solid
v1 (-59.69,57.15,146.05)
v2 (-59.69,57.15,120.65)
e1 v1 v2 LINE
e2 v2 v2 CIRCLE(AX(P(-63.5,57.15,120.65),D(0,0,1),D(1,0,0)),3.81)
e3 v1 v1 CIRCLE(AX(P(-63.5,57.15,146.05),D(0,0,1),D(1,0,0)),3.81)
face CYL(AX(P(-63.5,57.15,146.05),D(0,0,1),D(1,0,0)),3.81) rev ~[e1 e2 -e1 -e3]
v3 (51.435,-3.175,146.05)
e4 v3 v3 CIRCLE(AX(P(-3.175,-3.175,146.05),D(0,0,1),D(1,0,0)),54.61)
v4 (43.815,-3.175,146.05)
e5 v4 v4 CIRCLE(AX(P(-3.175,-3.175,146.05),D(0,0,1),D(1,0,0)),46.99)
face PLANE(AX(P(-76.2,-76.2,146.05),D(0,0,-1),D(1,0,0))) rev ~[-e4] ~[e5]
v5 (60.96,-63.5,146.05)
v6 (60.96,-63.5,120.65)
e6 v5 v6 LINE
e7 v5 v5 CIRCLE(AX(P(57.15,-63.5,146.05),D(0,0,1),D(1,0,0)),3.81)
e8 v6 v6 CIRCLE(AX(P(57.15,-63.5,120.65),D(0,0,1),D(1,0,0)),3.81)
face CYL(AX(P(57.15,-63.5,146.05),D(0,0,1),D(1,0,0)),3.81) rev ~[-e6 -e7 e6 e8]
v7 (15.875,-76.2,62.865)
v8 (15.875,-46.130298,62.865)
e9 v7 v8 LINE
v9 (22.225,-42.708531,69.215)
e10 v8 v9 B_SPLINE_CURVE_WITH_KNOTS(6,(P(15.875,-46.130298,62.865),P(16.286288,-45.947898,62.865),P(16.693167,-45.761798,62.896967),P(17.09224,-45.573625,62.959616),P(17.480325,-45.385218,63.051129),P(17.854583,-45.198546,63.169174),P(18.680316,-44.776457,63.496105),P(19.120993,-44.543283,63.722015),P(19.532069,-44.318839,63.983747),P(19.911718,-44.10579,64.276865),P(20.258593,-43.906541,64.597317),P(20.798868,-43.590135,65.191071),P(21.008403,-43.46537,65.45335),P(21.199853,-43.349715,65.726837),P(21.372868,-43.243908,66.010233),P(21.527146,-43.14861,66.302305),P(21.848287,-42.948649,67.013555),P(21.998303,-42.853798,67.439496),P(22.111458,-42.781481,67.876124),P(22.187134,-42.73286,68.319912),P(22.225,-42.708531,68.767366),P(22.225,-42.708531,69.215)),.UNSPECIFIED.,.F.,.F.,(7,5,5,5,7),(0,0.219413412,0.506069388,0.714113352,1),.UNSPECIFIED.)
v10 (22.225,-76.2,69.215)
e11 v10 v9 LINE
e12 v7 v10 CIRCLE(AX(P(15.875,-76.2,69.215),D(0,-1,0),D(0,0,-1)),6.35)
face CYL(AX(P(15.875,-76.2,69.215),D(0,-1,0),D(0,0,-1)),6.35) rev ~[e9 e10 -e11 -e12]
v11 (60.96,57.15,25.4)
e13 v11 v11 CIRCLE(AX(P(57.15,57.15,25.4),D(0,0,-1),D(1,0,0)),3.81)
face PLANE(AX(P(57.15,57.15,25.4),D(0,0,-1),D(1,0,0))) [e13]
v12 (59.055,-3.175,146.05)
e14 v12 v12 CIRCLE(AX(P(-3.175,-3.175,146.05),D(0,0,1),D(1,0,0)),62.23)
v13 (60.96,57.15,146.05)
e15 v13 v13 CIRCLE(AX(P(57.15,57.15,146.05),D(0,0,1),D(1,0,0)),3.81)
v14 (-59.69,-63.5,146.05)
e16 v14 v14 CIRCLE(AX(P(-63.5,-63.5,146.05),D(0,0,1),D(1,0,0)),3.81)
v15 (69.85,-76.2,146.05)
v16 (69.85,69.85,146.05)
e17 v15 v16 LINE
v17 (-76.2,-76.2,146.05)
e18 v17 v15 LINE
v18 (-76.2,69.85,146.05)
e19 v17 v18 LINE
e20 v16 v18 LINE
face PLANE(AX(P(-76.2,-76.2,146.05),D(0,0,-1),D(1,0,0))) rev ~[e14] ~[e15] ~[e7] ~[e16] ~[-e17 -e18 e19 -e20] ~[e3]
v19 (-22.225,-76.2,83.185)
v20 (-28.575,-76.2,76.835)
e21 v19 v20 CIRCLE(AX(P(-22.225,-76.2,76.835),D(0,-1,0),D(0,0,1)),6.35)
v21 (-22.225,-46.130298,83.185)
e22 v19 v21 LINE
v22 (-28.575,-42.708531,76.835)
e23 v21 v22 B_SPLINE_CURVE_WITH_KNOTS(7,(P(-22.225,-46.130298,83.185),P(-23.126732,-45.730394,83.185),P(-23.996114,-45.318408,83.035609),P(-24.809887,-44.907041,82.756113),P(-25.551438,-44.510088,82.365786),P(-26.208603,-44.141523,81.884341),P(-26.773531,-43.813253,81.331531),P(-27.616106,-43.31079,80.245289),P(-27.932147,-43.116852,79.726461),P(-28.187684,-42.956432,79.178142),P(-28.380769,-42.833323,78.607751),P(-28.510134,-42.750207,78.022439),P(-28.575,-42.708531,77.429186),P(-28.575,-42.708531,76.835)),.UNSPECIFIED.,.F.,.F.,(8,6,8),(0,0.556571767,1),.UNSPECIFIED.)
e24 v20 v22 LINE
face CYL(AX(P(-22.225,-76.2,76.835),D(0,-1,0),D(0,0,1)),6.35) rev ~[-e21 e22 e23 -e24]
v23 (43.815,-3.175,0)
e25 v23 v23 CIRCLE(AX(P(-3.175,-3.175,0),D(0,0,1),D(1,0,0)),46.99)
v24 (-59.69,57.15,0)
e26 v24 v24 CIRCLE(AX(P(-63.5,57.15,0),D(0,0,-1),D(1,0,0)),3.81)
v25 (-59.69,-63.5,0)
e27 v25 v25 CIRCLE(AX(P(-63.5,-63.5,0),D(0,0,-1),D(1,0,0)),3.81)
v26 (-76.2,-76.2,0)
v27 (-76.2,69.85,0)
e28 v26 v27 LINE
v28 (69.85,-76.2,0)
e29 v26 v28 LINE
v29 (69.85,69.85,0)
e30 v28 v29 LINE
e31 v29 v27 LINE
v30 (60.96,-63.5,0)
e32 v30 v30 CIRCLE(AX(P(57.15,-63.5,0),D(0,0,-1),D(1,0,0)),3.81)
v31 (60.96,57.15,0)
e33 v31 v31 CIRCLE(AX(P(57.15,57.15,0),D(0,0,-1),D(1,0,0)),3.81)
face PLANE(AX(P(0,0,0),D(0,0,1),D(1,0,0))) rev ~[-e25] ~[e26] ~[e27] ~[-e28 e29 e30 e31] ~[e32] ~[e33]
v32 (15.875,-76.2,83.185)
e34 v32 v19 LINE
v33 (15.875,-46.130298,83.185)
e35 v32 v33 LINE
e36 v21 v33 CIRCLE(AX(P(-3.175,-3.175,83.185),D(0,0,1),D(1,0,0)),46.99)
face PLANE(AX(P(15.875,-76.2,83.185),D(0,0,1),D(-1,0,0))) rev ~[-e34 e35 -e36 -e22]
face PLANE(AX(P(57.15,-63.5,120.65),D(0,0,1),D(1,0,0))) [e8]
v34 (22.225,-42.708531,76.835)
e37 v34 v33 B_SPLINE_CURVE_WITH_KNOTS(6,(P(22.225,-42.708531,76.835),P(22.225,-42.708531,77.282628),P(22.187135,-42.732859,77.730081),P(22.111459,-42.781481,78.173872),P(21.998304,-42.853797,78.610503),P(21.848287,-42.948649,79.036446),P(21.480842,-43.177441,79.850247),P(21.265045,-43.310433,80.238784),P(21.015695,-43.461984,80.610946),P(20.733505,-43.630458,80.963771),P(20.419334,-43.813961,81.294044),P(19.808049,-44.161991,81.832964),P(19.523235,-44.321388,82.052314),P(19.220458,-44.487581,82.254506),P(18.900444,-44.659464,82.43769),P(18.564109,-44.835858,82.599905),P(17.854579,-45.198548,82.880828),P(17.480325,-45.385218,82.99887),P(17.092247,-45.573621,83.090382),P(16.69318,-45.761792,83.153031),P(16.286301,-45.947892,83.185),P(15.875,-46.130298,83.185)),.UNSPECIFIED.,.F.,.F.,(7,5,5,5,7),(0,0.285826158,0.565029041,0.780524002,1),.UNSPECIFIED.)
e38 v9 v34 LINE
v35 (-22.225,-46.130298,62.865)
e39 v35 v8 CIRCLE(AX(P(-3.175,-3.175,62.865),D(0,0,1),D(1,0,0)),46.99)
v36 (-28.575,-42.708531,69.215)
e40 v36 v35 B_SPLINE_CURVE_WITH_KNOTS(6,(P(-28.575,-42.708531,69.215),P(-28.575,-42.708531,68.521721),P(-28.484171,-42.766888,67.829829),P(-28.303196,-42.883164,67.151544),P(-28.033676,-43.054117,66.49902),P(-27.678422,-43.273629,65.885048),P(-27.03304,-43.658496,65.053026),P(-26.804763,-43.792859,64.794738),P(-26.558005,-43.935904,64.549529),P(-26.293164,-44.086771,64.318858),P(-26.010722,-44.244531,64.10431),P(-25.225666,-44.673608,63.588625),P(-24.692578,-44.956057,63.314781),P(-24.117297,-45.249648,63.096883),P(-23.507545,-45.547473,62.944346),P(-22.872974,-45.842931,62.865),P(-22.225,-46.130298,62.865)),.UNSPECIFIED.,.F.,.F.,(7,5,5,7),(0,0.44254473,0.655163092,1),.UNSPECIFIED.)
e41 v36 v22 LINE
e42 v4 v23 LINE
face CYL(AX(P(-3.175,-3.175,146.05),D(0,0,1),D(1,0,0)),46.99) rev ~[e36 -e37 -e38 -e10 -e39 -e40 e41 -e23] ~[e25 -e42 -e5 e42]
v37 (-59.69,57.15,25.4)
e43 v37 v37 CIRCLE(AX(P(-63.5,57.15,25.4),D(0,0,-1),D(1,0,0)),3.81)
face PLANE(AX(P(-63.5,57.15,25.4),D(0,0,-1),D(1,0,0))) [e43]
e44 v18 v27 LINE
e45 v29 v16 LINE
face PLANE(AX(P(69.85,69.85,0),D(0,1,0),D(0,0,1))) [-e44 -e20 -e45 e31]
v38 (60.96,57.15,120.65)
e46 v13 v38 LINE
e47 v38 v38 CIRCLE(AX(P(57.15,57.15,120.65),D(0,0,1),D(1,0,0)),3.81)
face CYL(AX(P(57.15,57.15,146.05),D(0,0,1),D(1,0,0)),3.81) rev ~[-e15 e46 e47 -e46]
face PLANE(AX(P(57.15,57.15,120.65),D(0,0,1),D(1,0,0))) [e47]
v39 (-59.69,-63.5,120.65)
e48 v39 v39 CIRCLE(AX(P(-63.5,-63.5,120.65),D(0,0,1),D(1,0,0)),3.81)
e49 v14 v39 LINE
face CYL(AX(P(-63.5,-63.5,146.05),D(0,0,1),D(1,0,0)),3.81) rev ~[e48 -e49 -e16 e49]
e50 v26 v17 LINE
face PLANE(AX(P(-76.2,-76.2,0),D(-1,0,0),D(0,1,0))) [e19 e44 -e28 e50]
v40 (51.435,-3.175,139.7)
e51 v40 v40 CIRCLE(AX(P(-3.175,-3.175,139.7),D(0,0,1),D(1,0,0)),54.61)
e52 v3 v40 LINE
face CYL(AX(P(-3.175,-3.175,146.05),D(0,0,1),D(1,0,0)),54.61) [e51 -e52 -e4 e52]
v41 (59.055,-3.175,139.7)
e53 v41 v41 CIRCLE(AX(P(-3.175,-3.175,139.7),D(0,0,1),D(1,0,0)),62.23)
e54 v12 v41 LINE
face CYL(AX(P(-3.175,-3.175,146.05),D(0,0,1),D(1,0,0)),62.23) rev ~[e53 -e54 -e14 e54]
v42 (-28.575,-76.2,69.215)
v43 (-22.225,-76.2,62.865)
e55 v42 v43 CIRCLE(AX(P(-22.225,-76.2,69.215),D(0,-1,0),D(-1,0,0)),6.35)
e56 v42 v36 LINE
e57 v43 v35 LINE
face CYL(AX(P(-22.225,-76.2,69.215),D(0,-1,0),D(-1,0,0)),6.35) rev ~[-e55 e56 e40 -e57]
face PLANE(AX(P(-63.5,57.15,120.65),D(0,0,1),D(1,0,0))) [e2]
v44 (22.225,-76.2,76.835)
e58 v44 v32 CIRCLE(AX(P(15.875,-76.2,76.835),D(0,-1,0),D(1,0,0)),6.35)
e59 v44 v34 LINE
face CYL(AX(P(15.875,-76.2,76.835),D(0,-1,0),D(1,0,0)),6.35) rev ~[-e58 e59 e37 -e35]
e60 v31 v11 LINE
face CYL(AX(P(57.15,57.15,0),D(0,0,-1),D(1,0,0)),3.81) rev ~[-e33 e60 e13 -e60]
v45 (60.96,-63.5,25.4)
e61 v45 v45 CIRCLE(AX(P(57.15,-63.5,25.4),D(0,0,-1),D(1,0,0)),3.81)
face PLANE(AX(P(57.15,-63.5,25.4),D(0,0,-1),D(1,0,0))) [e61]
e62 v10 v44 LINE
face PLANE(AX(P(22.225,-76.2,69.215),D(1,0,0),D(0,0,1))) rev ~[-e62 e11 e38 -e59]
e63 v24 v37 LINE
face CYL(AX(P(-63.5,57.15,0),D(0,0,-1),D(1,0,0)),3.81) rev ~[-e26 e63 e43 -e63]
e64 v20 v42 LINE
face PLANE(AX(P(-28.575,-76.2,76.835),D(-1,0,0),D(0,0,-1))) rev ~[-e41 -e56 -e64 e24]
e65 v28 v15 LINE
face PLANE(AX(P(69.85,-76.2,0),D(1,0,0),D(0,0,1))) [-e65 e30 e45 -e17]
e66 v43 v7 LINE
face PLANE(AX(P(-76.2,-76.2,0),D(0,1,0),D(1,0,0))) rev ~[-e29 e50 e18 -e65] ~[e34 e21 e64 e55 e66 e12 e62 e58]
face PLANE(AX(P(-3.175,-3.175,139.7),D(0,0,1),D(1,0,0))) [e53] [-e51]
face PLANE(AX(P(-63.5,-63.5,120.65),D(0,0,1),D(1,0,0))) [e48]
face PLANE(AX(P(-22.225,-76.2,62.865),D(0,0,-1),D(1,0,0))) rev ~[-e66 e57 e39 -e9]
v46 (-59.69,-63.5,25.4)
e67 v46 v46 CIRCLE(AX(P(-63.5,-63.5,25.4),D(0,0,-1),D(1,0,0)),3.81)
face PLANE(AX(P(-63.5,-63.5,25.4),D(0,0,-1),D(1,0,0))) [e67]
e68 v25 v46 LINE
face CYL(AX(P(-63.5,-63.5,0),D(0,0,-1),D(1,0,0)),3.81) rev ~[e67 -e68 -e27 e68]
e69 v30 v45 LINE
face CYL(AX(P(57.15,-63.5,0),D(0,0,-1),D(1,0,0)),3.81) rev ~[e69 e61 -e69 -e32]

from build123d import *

# Parameters (mm, degrees)
F0_W      = 152.4
F0_H      = 152.4
F1_DEPTH  = 152.4
F2_W      = 6.35
F2_H      = 152.4
F3_DEPTH  = 152.401
F4_W      = 6.35
F4_H      = 152.4
F5_DEPTH  = 146.051
F6_W      = 146.05
F6_H      = 6.35
F7_DEPTH  = 146.051
F8_R      = 3.81
F9_DEPTH  = 25.4
F8_R_2    = 62.23
F8_R_3    = 54.61
F10_DEPTH = 6.35
F8_R_4    = 46.99
F11_DEPTH = 146.051
F13_DEPTH = 50.8
F14_R     = 3.81
F15_DEPTH = 25.4


with BuildPart() as f1:
    # F0 (on Top) → F1 (new body)
    with BuildSketch(Plane.XY):
        Rectangle(F0_W, F0_H)
    extrude(amount=F1_DEPTH)

    # F2 (on face) → F3 (cut, through all)
    with BuildSketch(Plane.XZ.offset(76.2)):
        with Locations((73.025, 76.2)):
            Rectangle(F2_W, F2_H)
    extrude(amount=-F3_DEPTH, mode=Mode.SUBTRACT)

    # F4 (on face) → F5 (cut, through all)
    with BuildSketch(Plane.YZ.offset(69.85)):
        with Locations((73.025, 76.2)):
            Rectangle(F4_W, F4_H)
    extrude(amount=-F5_DEPTH, mode=Mode.SUBTRACT)

    # F6 (on face) → F7 (cut, through all)
    with BuildSketch(Plane.XZ.offset(76.2)):
        with Locations((-3.175, 149.225)):
            Rectangle(F6_W, F6_H)
    extrude(amount=-F7_DEPTH, mode=Mode.SUBTRACT)

    # F8 (on face) → F9 (cut)
    with BuildSketch(Plane.XY.offset(146.05)):
        with Locations((-63.5, 57.15)):
            Circle(F8_R)
        with Locations((57.15, 57.15)):
            Circle(F8_R)
        with Locations((57.15, -63.5)):
            Circle(F8_R)
        with Locations((-63.5, -63.5)):
            Circle(F8_R)
    extrude(amount=-F9_DEPTH, mode=Mode.SUBTRACT)

    # F8 (on face) → F10 (cut)
    with BuildSketch(Plane.XY.offset(146.05)):
        with Locations((-3.175, -3.175)):
            Circle(F8_R_2)
        with Locations((-3.175, -3.175)):
            Circle(F8_R_3, mode=Mode.SUBTRACT)
    extrude(amount=-F10_DEPTH, mode=Mode.SUBTRACT)

    # F8 (on face) → F11 (cut, through all)
    with BuildSketch(Plane.XY.offset(146.05)):
        with Locations((-3.175, -3.175)):
            Circle(F8_R_4)
    extrude(amount=-F11_DEPTH, mode=Mode.SUBTRACT)

    # F12 (on face) → F13 (cut)
    with BuildSketch(Plane.XZ.offset(76.2)):
        with BuildLine():
            ThreePointArc((22.225, 76.835), (20.3651280605, 81.3251280605), (15.875, 83.185))
            Line((15.875, 83.185), (-22.225, 83.185))
            ThreePointArc((-22.225, 83.185), (-26.7151280605, 81.3251280605), (-28.575, 76.835))
            Line((-28.575, 76.835), (-28.575, 69.215))
            ThreePointArc((-28.575, 69.215), (-26.7151280605, 64.7248719395), (-22.225, 62.865))
            Line((-22.225, 62.865), (15.875, 62.865))
            ThreePointArc((15.875, 62.865), (20.3651280605, 64.7248719395), (22.225, 69.215))
            Line((22.225, 69.215), (22.225, 76.835))
        make_face()
    extrude(amount=-F13_DEPTH, mode=Mode.SUBTRACT)

    # F14 (on face) → F15 (cut)
    with BuildSketch(Plane(origin=(0, 0, 0), x_dir=(1, 0, 0), z_dir=(0, 0, -1))):
        with Locations((-63.5, 63.5)):
            Circle(F14_R)
        with Locations((57.15, 63.5)):
            Circle(F14_R)
        with Locations((57.15, -57.15)):
            Circle(F14_R)
        with Locations((-63.5, -57.15)):
            Circle(F14_R)
    extrude(amount=-F15_DEPTH, mode=Mode.SUBTRACT)


solid = f1.part
